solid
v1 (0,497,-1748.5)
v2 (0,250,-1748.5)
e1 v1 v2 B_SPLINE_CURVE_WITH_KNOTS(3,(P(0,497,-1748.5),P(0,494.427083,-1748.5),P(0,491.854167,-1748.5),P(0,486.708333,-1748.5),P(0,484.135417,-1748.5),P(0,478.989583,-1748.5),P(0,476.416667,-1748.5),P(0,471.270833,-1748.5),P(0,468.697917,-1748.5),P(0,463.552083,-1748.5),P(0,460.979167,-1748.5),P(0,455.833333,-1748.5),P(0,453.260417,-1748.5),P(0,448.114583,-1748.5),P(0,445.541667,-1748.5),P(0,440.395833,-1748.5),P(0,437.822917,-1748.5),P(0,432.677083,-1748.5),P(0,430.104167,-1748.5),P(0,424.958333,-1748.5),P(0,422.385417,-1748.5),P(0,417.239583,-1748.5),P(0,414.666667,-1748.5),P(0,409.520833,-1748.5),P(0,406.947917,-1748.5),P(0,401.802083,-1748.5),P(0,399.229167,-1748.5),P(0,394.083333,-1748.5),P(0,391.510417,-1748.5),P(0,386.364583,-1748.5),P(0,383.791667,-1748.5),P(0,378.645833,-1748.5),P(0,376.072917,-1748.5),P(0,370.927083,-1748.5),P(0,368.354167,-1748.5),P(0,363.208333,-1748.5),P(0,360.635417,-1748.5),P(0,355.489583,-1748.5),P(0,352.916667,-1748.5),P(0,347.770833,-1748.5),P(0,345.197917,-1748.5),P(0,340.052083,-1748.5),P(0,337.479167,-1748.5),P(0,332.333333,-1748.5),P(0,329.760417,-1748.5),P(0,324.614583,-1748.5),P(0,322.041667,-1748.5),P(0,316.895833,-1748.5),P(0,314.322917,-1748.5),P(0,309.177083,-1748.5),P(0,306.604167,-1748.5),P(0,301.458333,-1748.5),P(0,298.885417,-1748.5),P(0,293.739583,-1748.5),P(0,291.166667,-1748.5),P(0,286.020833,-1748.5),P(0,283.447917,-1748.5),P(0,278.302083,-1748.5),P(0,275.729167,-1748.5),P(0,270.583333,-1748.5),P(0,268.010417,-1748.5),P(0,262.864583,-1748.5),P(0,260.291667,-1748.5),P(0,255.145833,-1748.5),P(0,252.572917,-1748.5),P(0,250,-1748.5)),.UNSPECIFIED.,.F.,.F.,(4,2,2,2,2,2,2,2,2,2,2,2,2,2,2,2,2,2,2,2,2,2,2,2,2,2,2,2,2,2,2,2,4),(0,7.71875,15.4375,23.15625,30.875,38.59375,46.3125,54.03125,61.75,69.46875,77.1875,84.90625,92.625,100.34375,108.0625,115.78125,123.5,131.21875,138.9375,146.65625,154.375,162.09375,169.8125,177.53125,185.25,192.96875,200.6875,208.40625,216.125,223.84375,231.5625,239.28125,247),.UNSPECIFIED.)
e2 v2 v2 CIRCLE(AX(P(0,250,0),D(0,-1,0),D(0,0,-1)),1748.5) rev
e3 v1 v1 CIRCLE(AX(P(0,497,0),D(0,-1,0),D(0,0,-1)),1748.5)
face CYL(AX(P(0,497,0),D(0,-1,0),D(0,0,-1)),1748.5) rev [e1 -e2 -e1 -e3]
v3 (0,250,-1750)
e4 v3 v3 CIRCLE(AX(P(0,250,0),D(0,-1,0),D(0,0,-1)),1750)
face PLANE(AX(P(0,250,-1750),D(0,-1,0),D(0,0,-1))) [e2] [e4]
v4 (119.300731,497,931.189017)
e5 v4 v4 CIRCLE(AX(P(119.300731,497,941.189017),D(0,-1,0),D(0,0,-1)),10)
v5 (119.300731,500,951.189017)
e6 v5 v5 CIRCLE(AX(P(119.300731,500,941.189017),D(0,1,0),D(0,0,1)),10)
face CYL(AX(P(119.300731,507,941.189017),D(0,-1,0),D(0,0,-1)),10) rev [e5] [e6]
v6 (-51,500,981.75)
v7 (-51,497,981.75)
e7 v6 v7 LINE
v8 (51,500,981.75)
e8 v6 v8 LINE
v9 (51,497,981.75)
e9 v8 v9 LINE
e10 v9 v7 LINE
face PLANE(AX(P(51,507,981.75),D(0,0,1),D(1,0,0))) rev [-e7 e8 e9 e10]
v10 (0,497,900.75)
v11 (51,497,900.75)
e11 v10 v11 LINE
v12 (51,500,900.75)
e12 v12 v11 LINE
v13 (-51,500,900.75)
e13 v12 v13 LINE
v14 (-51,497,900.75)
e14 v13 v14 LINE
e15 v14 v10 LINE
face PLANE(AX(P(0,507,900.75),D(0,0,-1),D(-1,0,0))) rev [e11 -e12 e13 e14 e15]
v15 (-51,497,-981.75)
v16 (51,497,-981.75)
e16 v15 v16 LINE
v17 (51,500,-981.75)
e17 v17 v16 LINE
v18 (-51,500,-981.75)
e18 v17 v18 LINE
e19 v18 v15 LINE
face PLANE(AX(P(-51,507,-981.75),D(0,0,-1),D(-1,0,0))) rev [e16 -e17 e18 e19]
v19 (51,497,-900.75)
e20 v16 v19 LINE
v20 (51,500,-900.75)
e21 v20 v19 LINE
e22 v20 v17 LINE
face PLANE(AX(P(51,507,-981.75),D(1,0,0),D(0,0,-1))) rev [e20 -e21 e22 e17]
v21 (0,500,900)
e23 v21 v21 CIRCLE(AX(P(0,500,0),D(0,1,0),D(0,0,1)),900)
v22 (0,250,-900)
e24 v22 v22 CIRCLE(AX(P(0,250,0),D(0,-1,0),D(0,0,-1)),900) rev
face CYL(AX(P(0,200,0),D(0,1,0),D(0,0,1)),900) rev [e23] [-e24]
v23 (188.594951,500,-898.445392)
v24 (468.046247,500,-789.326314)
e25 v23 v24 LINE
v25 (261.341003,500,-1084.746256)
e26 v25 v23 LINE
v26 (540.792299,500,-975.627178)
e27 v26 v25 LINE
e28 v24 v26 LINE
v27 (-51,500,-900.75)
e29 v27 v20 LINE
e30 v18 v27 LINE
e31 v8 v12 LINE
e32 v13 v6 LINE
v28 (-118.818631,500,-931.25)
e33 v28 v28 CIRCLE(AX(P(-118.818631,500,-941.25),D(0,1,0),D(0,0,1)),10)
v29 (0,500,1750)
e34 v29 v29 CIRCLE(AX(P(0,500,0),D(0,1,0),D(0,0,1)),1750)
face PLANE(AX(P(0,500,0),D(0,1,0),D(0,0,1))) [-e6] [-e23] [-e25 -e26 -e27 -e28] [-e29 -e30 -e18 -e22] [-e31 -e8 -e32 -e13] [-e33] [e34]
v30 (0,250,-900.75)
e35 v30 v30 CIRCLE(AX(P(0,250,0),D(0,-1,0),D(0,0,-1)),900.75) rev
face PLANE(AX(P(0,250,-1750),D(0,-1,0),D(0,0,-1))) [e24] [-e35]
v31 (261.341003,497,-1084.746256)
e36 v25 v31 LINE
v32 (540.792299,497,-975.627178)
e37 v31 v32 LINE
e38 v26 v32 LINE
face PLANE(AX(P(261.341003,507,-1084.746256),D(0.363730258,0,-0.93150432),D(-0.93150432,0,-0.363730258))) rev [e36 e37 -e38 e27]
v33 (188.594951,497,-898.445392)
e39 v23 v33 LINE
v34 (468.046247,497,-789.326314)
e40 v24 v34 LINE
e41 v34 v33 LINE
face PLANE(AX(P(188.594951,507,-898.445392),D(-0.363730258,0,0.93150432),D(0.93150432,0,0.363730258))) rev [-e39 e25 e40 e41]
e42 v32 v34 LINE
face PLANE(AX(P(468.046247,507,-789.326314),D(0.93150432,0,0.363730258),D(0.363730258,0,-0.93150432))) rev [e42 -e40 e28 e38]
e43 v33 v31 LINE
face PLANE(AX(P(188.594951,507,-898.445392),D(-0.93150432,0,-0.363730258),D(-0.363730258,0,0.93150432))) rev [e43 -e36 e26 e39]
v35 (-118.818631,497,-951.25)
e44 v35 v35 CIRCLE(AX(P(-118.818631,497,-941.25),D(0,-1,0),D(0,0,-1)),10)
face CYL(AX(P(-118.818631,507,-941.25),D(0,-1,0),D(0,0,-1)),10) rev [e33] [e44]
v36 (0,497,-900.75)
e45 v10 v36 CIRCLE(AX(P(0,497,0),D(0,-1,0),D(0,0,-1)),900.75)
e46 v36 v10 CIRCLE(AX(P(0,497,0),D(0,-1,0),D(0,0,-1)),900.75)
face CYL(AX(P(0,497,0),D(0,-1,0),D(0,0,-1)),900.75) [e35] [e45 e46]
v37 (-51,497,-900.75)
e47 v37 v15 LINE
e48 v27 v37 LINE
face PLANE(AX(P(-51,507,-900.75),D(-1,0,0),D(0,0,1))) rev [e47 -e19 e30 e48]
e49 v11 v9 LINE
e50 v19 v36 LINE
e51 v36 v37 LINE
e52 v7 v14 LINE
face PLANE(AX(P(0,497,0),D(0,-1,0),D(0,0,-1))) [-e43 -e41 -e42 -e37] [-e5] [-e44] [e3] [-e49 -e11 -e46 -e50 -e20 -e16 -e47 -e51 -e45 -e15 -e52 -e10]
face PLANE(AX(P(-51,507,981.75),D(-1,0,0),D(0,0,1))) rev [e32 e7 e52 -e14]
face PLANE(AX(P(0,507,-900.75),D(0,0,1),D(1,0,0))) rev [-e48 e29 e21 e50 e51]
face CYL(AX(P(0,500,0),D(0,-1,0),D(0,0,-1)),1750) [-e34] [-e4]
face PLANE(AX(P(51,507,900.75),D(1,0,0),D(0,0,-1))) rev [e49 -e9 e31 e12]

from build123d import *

# Parameters (mm, degrees)
SKETCH1_R               = 1750
BOSS_EXTRUDE1_DEPTH     = 500
SKETCH2_R               = 900
CUT_EXTRUDE2_DEPTH      = 300
SKETCH3_R               = 600
CUT_EXTRUDE3_DEPTH      = 300
SKETCH4_R               = 1748.5
SKETCH4_R_2             = 900.75
CUT_EXTRUDE5_DEPTH      = 497
CUT_EXTRUDE6_DEPTH      = 2525.876234591
CUT_EXTRUDE6_DEPTH_BACK = 2525.876234591
SKETCH5_W               = 1750
SKETCH5_H               = 250
CUT_EXTRUDE7_DEPTH      = 10
CIRPATTERN1_COUNT       = 2
SKETCH7_R               = 10
CUT_EXTRUDE8_DEPTH      = 10
CUT_EXTRUDE9_DEPTH      = 10


with BuildPart() as part:
    # Sketch1 → Boss-Extrude1 (new body)
    with BuildSketch(Plane(origin=(0, 0, 0), x_dir=(1, 0, 0), z_dir=(0, 1, 0))):
        with Locations(Location((0, 0, 0), (0, 0, 270))):
            Circle(SKETCH1_R)
    extrude(amount=BOSS_EXTRUDE1_DEPTH)

    # Sketch2 → Cut-Extrude2 (cut)
    with BuildSketch(Plane(origin=(0, 500, 0), x_dir=(1, 0, 0), z_dir=(0, 1, 0))):
        with Locations(Location((0, 0, 0), (0, 0, 270))):
            Circle(SKETCH2_R)
    extrude(amount=-CUT_EXTRUDE2_DEPTH, mode=Mode.SUBTRACT)

    # Sketch3 → Cut-Extrude3 (cut)
    with BuildSketch(Plane.XZ):
        with Locations(Location((0, 0, 0), (0, 0, 270))):
            Circle(SKETCH3_R)
    extrude(amount=-CUT_EXTRUDE3_DEPTH, mode=Mode.SUBTRACT)

    # Sketch4 → Cut-Extrude5 (cut)
    with BuildSketch(Plane(origin=(0, 0, 0), x_dir=(-1, 0, 0), z_dir=(0, -1, 0))):
        with Locations(Location((0, 0, 0), (0, 0, 90))):
            Circle(SKETCH4_R)
        with Locations(Location((0, 0, 0), (0, 0, 90))):
            Circle(SKETCH4_R_2, mode=Mode.SUBTRACT)
    extrude(amount=-CUT_EXTRUDE5_DEPTH, mode=Mode.SUBTRACT)

    # Sketch5 → Cut-Extrude6 (cut, two sides: drawn at the far end of the back side and taken through both)
    with BuildSketch(Plane.XY.offset(-CUT_EXTRUDE6_DEPTH_BACK)):
        with Locations((-875, 125)):
            Rectangle(SKETCH5_W, SKETCH5_H)
        with Locations((875, 125)):
            Rectangle(SKETCH5_W, SKETCH5_H)
    extrude(amount=CUT_EXTRUDE6_DEPTH + CUT_EXTRUDE6_DEPTH_BACK, mode=Mode.SUBTRACT)

    # Sketch6 → Cut-Extrude7 (cut)
    with BuildSketch(Plane.XZ.offset(-497)):
        Polygon((0, 900.75), (51, 900.75), (51, 981.75), (-51, 981.75), (-51, 900.75), align=None)
    cut_extrude7 = extrude(amount=-CUT_EXTRUDE7_DEPTH, mode=Mode.SUBTRACT)

    # CirPattern1: Cut-Extrude7 ×2 about axis
    cirpattern1_axis = Axis((0, 0, 0), (0, 1, 0))
    for i in range(1, CIRPATTERN1_COUNT):
        add(cut_extrude7.rotate(cirpattern1_axis, i * 360 / CIRPATTERN1_COUNT), mode=Mode.SUBTRACT)

    # Sketch7 → Cut-Extrude8 (cut)
    with BuildSketch(Plane.XZ.offset(-497)):
        with Locations(Location((-118.818630958, -941.25, 0), (0, 0, 270))):
            Circle(SKETCH7_R)
        with Locations(Location((119.300731455, 941.189016636, 0), (0, 0, 270))):
            Circle(SKETCH7_R)
    extrude(amount=-CUT_EXTRUDE8_DEPTH, mode=Mode.SUBTRACT)

    # Sketch8 → Cut-Extrude9 (cut)
    with BuildSketch(Plane.XZ.offset(-497)):
        Polygon((188.594951024, -898.445391682), (468.046247167, -789.326314141), (540.792298862, -975.627178236), (261.341002718, -1084.746255778), align=None)
    extrude(amount=-CUT_EXTRUDE9_DEPTH, mode=Mode.SUBTRACT)


solid = part.part
